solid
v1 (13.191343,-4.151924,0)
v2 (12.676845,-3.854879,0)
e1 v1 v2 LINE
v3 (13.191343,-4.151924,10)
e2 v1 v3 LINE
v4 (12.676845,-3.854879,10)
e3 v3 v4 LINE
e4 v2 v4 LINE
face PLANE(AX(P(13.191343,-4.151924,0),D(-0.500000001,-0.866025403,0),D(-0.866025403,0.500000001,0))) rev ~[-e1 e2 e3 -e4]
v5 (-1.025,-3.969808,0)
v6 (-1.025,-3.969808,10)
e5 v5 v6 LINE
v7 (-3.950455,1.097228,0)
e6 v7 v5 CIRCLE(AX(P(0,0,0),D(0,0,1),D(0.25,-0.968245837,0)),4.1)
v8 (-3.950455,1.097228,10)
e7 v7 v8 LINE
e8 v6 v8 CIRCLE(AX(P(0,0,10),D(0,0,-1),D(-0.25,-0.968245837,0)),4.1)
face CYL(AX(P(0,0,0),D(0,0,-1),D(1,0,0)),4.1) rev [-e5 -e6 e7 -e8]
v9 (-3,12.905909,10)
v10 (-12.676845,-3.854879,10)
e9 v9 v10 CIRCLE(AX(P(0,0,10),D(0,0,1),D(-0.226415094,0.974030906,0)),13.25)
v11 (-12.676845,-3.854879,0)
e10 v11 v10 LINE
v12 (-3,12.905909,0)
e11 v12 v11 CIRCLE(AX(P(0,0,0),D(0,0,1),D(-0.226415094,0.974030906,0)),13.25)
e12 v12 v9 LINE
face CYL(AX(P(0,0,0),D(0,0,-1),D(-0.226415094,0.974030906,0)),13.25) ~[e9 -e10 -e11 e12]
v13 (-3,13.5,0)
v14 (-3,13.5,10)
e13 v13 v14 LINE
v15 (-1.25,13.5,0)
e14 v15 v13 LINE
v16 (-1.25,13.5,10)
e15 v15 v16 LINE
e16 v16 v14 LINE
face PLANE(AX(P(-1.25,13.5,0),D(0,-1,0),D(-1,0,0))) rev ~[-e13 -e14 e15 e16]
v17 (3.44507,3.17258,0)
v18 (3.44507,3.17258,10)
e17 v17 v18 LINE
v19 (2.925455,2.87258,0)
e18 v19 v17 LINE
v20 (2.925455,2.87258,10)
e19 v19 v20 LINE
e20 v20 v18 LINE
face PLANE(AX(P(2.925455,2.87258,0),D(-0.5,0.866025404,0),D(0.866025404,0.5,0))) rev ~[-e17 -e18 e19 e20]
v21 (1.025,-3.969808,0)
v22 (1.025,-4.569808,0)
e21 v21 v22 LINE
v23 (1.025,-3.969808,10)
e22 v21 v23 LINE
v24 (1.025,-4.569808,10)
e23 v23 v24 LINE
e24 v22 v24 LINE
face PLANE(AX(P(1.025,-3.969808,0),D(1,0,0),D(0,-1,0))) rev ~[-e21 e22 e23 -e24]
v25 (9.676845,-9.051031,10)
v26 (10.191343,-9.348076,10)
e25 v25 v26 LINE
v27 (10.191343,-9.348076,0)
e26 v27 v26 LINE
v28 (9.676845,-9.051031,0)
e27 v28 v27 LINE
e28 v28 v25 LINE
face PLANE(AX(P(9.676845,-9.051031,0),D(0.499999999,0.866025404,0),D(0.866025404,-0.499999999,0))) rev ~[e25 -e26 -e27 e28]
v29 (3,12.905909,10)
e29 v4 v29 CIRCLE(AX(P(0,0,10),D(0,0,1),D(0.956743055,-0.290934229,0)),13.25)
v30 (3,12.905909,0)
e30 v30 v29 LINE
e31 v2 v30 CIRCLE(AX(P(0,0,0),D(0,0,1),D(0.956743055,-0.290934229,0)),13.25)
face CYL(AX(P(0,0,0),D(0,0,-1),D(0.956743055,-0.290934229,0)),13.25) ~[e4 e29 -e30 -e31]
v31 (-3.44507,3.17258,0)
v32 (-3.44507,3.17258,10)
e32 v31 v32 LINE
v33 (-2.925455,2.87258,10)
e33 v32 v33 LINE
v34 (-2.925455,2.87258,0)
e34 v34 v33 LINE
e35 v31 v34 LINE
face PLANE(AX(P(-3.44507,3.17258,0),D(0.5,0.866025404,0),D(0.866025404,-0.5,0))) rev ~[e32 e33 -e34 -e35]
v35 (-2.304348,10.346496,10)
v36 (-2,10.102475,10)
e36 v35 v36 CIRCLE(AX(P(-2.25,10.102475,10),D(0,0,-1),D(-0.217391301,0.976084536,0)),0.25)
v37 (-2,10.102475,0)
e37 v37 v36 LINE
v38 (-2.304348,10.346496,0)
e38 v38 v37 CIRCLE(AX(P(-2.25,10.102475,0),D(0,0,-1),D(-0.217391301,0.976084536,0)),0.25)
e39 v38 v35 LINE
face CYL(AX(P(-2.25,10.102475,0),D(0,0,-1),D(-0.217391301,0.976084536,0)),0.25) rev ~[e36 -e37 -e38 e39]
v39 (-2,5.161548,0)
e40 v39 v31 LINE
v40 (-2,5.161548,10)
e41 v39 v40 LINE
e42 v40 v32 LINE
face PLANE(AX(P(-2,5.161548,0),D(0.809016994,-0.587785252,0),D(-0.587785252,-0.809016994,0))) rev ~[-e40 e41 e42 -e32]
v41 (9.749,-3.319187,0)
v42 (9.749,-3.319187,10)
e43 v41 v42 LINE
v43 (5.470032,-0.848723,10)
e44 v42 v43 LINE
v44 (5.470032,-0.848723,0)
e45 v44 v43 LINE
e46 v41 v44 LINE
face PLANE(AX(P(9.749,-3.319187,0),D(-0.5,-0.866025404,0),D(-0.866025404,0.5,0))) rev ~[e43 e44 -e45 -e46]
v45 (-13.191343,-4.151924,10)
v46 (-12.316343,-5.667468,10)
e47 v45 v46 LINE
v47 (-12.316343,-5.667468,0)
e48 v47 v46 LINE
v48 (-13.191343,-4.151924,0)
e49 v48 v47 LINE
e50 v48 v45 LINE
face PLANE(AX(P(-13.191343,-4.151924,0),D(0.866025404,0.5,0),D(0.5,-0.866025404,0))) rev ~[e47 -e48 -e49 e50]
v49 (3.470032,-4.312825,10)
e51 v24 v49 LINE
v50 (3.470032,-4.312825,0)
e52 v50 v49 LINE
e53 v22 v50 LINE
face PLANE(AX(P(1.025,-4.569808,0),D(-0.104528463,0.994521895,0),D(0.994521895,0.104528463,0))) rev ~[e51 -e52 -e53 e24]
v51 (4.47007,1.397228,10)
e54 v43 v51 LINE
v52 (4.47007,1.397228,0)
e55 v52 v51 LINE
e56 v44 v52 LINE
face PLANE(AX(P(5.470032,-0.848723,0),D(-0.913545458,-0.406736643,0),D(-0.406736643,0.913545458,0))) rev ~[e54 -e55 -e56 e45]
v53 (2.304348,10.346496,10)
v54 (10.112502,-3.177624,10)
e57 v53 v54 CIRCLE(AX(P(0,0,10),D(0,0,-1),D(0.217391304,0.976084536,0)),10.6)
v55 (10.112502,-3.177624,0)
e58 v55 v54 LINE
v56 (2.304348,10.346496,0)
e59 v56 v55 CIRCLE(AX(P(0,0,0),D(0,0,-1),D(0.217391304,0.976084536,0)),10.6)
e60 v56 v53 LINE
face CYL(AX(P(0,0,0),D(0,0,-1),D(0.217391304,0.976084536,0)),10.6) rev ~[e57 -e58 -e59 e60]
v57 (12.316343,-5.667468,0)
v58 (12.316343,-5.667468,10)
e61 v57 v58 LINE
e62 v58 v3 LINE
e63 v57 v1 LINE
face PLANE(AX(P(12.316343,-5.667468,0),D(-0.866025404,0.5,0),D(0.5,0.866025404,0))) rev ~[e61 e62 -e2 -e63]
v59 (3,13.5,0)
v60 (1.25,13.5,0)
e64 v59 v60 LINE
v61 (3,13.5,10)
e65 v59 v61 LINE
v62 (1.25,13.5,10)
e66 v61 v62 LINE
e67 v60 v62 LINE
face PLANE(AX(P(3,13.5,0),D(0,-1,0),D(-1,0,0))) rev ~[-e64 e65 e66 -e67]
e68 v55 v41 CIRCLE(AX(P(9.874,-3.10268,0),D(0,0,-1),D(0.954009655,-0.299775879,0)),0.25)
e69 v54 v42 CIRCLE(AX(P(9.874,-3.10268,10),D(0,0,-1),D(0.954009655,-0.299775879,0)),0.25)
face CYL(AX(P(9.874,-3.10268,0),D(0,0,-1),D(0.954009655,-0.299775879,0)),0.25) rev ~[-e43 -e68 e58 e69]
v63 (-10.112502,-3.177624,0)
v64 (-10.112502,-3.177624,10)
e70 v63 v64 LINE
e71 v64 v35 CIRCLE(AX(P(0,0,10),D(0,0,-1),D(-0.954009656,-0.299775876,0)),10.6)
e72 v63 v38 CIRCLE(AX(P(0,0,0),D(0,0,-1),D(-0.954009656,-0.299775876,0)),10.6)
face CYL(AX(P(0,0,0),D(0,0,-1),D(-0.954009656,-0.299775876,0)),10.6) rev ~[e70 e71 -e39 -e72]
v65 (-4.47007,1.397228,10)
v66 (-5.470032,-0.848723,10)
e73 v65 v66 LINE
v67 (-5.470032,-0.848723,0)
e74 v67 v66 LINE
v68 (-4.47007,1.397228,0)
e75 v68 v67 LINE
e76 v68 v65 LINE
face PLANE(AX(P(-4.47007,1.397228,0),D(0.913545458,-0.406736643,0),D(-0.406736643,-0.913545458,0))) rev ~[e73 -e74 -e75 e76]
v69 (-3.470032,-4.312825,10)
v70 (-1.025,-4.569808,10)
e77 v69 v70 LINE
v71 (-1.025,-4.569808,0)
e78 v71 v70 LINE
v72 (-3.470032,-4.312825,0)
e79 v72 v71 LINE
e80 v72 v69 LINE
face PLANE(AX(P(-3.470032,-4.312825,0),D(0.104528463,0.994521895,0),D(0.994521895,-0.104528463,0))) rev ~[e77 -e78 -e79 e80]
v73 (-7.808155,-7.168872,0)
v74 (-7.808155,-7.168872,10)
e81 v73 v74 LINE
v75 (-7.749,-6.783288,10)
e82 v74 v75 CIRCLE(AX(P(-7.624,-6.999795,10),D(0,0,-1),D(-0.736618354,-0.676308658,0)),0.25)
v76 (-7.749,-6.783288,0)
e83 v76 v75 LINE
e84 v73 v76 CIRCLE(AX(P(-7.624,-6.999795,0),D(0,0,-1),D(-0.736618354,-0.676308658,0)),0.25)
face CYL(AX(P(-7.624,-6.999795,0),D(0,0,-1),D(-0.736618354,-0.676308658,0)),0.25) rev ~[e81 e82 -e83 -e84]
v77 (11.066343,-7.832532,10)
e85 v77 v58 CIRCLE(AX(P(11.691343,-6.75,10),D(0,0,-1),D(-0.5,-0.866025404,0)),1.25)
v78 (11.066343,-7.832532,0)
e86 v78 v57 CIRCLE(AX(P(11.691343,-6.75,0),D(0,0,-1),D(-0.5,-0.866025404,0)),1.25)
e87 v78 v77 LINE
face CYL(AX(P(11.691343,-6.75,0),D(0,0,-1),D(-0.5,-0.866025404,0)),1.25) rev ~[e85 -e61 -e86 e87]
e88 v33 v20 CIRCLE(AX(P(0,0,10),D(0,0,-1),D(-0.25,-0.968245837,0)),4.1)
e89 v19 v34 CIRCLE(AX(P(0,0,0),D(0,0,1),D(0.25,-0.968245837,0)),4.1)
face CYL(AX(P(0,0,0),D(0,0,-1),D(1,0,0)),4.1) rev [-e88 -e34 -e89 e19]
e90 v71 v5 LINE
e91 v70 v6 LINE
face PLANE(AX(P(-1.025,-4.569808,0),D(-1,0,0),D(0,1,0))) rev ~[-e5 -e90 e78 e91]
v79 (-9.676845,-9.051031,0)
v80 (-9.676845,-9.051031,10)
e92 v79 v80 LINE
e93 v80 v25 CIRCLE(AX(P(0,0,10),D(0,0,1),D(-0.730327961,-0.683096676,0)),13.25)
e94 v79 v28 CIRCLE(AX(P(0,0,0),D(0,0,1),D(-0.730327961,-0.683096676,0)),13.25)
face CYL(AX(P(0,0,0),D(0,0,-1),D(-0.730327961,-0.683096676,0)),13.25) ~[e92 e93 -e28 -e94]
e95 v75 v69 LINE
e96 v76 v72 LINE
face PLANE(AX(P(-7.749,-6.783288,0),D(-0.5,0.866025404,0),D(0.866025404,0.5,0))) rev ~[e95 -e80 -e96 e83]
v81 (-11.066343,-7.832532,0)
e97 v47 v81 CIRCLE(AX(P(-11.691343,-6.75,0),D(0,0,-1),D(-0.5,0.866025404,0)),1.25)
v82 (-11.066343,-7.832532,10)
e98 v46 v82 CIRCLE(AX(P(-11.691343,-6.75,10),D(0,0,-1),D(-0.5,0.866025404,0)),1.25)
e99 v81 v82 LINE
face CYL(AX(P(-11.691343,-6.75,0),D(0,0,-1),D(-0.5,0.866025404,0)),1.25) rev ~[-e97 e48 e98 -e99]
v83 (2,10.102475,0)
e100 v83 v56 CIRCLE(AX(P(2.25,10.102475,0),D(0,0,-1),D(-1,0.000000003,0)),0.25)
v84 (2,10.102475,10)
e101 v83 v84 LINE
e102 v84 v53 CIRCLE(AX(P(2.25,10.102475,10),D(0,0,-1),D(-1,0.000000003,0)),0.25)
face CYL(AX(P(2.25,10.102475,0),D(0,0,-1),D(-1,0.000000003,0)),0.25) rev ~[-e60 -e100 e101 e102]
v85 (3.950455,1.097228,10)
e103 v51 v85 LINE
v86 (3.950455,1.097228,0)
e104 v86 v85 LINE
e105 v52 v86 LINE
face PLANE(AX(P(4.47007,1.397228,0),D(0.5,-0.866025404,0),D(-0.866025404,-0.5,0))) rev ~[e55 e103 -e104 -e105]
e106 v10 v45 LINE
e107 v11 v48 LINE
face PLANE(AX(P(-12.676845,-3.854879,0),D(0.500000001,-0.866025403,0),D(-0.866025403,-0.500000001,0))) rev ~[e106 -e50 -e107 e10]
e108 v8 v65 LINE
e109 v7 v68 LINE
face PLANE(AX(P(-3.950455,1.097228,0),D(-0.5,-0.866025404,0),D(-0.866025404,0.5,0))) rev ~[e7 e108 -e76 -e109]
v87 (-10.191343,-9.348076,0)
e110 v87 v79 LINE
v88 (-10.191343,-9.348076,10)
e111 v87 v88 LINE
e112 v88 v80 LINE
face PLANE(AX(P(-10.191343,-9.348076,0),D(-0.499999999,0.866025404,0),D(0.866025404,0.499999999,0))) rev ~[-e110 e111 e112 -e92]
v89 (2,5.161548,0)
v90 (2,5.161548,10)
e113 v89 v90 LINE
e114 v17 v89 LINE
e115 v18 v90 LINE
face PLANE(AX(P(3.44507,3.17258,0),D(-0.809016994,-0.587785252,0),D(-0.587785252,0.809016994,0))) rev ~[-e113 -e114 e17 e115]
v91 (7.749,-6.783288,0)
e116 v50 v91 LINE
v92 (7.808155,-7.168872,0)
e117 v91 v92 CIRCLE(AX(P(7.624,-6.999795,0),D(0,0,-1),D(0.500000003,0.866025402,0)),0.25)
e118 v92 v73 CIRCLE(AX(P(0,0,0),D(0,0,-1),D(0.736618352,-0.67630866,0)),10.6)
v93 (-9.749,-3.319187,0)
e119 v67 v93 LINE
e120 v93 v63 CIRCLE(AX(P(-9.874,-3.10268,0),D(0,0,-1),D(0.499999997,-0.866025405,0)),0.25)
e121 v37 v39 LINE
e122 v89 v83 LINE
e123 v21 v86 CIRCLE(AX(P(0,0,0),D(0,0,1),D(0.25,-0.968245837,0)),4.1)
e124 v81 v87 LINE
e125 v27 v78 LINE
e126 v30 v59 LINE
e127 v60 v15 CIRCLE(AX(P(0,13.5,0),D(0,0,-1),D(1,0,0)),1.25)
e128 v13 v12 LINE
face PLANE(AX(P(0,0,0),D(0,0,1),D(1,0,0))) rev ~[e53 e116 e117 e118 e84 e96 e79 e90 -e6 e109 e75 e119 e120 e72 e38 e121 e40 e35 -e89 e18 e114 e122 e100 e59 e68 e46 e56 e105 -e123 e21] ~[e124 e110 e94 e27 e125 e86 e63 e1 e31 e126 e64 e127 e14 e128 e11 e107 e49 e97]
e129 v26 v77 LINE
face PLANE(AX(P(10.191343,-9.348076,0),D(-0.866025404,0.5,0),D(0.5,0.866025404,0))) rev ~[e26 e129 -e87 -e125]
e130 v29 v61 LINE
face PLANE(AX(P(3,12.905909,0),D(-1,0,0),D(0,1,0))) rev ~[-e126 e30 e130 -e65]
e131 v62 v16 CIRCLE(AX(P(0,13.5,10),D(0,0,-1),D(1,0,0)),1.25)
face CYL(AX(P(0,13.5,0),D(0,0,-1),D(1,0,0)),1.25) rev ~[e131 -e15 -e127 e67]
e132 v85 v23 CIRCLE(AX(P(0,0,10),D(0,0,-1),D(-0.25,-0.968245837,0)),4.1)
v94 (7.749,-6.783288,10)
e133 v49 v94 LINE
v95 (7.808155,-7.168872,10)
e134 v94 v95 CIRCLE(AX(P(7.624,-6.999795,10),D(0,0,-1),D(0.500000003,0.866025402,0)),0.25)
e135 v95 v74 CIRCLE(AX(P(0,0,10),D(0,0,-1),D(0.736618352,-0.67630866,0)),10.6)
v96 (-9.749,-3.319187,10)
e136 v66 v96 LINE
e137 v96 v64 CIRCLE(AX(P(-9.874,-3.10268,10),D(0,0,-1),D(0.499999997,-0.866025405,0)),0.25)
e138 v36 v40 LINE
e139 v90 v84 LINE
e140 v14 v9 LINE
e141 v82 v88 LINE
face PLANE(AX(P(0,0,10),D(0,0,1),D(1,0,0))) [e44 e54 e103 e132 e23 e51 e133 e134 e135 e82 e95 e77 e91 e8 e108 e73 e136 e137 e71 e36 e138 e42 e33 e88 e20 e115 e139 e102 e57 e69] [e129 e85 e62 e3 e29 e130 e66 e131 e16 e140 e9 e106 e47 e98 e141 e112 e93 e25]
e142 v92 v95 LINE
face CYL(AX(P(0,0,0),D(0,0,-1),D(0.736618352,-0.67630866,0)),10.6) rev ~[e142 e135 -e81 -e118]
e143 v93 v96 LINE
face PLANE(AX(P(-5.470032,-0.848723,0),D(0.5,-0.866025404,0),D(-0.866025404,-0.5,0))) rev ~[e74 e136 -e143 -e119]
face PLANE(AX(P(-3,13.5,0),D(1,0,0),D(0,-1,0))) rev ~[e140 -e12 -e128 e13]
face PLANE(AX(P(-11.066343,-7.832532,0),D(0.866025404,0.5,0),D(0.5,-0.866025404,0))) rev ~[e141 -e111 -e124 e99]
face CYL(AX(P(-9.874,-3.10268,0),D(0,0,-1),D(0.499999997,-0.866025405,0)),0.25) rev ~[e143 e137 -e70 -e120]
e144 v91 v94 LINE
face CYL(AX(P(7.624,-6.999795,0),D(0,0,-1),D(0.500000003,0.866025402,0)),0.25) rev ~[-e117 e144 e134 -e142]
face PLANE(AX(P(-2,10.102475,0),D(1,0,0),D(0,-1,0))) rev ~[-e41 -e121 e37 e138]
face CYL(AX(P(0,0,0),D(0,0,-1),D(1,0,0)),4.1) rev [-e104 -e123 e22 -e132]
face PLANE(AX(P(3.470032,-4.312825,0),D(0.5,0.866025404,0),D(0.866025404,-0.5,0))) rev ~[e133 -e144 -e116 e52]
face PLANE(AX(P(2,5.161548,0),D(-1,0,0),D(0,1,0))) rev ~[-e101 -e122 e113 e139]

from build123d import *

# Parameters (mm, degrees)
SKETCH_1_R               = 4.1
EXTRUDE_1_DEPTH          = 10
CUT_EXTRUDE_1_DEPTH      = 10
PATTERN_CIRCULAR_1_COUNT = 3


with BuildPart() as part:
    # 草图1 → 凸台-拉伸1 (new body)
    with BuildSketch(Plane.XY):
        with BuildLine():
            Line((-3, 13.5), (-3, 12.905909499))
            ThreePointArc((-3, 12.905909499), (-11.4748366, 6.625), (-12.676845485, -3.854878538))
            Line((-12.676845485, -3.854878538), (-13.191342951, -4.151923789))
            Line((-13.191342951, -4.151923789), (-12.316342951, -5.667468245))
            ThreePointArc((-12.316342951, -5.667468245), (-10.608811196, -6.125), (-11.066342951, -7.832531755))
            Line((-11.066342951, -7.832531755), (-10.191342951, -9.348076211))
            Line((-10.191342951, -9.348076211), (-9.676845485, -9.051030961))
            ThreePointArc((-9.676845485, -9.051030961), (0, -13.25), (9.676845485, -9.051030961))
            Line((9.676845485, -9.051030961), (10.191342951, -9.348076211))
            Line((10.191342951, -9.348076211), (11.066342951, -7.832531755))
            ThreePointArc((11.066342951, -7.832531755), (10.608811196, -6.125), (12.316342951, -5.667468245))
            Line((12.316342951, -5.667468245), (13.191342951, -4.151923789))
            Line((13.191342951, -4.151923789), (12.676845485, -3.854878538))
            ThreePointArc((12.676845485, -3.854878538), (11.4748366, 6.625), (3, 12.905909499))
            Line((3, 12.905909499), (3, 13.5))
            Line((3, 13.5), (1.25, 13.5))
            ThreePointArc((1.25, 13.5), (0, 12.25), (-1.25, 13.5))
            Line((-1.25, 13.5), (-3, 13.5))
        make_face()
        Circle(SKETCH_1_R, mode=Mode.SUBTRACT)
    extrude(amount=EXTRUDE_1_DEPTH)

    # 草图2 → 切除-拉伸1 (cut)
    with BuildSketch(Plane.XY):
        with BuildLine():
            Line((-7.748999943, -6.78328828), (-3.470031597, -4.312824754))
            Line((-3.470031597, -4.312824754), (-1.025, -4.56980793))
            Line((-1.025, -4.56980793), (-1.025, -3.96980793))
            ThreePointArc((-1.025, -3.96980793), (0, -4.1), (1.025, -3.96980793))
            Line((1.025, -3.96980793), (1.025, -4.56980793))
            Line((1.025, -4.56980793), (3.470031597, -4.312824754))
            Line((3.470031597, -4.312824754), (7.748999943, -6.78328828))
            ThreePointArc((7.748999943, -6.78328828), (7.871108829, -6.961884233), (7.808154531, -7.168871796))
            ThreePointArc((7.808154531, -7.168871796), (0, -10.6), (-7.808154531, -7.168871796))
            ThreePointArc((-7.808154531, -7.168871796), (-7.871108829, -6.961884233), (-7.748999943, -6.78328828))
        make_face()
    cut_extrude_1 = extrude(amount=CUT_EXTRUDE_1_DEPTH, mode=Mode.SUBTRACT)

    # 阵列(圆周)1: 切除-拉伸1 ×3 about axis
    pattern_circular_1_axis = Axis((0, 0, 0), (0, 0, 1))
    for i in range(1, PATTERN_CIRCULAR_1_COUNT):
        add(cut_extrude_1.rotate(pattern_circular_1_axis, i * 360 / PATTERN_CIRCULAR_1_COUNT), mode=Mode.SUBTRACT)


solid = part.part
